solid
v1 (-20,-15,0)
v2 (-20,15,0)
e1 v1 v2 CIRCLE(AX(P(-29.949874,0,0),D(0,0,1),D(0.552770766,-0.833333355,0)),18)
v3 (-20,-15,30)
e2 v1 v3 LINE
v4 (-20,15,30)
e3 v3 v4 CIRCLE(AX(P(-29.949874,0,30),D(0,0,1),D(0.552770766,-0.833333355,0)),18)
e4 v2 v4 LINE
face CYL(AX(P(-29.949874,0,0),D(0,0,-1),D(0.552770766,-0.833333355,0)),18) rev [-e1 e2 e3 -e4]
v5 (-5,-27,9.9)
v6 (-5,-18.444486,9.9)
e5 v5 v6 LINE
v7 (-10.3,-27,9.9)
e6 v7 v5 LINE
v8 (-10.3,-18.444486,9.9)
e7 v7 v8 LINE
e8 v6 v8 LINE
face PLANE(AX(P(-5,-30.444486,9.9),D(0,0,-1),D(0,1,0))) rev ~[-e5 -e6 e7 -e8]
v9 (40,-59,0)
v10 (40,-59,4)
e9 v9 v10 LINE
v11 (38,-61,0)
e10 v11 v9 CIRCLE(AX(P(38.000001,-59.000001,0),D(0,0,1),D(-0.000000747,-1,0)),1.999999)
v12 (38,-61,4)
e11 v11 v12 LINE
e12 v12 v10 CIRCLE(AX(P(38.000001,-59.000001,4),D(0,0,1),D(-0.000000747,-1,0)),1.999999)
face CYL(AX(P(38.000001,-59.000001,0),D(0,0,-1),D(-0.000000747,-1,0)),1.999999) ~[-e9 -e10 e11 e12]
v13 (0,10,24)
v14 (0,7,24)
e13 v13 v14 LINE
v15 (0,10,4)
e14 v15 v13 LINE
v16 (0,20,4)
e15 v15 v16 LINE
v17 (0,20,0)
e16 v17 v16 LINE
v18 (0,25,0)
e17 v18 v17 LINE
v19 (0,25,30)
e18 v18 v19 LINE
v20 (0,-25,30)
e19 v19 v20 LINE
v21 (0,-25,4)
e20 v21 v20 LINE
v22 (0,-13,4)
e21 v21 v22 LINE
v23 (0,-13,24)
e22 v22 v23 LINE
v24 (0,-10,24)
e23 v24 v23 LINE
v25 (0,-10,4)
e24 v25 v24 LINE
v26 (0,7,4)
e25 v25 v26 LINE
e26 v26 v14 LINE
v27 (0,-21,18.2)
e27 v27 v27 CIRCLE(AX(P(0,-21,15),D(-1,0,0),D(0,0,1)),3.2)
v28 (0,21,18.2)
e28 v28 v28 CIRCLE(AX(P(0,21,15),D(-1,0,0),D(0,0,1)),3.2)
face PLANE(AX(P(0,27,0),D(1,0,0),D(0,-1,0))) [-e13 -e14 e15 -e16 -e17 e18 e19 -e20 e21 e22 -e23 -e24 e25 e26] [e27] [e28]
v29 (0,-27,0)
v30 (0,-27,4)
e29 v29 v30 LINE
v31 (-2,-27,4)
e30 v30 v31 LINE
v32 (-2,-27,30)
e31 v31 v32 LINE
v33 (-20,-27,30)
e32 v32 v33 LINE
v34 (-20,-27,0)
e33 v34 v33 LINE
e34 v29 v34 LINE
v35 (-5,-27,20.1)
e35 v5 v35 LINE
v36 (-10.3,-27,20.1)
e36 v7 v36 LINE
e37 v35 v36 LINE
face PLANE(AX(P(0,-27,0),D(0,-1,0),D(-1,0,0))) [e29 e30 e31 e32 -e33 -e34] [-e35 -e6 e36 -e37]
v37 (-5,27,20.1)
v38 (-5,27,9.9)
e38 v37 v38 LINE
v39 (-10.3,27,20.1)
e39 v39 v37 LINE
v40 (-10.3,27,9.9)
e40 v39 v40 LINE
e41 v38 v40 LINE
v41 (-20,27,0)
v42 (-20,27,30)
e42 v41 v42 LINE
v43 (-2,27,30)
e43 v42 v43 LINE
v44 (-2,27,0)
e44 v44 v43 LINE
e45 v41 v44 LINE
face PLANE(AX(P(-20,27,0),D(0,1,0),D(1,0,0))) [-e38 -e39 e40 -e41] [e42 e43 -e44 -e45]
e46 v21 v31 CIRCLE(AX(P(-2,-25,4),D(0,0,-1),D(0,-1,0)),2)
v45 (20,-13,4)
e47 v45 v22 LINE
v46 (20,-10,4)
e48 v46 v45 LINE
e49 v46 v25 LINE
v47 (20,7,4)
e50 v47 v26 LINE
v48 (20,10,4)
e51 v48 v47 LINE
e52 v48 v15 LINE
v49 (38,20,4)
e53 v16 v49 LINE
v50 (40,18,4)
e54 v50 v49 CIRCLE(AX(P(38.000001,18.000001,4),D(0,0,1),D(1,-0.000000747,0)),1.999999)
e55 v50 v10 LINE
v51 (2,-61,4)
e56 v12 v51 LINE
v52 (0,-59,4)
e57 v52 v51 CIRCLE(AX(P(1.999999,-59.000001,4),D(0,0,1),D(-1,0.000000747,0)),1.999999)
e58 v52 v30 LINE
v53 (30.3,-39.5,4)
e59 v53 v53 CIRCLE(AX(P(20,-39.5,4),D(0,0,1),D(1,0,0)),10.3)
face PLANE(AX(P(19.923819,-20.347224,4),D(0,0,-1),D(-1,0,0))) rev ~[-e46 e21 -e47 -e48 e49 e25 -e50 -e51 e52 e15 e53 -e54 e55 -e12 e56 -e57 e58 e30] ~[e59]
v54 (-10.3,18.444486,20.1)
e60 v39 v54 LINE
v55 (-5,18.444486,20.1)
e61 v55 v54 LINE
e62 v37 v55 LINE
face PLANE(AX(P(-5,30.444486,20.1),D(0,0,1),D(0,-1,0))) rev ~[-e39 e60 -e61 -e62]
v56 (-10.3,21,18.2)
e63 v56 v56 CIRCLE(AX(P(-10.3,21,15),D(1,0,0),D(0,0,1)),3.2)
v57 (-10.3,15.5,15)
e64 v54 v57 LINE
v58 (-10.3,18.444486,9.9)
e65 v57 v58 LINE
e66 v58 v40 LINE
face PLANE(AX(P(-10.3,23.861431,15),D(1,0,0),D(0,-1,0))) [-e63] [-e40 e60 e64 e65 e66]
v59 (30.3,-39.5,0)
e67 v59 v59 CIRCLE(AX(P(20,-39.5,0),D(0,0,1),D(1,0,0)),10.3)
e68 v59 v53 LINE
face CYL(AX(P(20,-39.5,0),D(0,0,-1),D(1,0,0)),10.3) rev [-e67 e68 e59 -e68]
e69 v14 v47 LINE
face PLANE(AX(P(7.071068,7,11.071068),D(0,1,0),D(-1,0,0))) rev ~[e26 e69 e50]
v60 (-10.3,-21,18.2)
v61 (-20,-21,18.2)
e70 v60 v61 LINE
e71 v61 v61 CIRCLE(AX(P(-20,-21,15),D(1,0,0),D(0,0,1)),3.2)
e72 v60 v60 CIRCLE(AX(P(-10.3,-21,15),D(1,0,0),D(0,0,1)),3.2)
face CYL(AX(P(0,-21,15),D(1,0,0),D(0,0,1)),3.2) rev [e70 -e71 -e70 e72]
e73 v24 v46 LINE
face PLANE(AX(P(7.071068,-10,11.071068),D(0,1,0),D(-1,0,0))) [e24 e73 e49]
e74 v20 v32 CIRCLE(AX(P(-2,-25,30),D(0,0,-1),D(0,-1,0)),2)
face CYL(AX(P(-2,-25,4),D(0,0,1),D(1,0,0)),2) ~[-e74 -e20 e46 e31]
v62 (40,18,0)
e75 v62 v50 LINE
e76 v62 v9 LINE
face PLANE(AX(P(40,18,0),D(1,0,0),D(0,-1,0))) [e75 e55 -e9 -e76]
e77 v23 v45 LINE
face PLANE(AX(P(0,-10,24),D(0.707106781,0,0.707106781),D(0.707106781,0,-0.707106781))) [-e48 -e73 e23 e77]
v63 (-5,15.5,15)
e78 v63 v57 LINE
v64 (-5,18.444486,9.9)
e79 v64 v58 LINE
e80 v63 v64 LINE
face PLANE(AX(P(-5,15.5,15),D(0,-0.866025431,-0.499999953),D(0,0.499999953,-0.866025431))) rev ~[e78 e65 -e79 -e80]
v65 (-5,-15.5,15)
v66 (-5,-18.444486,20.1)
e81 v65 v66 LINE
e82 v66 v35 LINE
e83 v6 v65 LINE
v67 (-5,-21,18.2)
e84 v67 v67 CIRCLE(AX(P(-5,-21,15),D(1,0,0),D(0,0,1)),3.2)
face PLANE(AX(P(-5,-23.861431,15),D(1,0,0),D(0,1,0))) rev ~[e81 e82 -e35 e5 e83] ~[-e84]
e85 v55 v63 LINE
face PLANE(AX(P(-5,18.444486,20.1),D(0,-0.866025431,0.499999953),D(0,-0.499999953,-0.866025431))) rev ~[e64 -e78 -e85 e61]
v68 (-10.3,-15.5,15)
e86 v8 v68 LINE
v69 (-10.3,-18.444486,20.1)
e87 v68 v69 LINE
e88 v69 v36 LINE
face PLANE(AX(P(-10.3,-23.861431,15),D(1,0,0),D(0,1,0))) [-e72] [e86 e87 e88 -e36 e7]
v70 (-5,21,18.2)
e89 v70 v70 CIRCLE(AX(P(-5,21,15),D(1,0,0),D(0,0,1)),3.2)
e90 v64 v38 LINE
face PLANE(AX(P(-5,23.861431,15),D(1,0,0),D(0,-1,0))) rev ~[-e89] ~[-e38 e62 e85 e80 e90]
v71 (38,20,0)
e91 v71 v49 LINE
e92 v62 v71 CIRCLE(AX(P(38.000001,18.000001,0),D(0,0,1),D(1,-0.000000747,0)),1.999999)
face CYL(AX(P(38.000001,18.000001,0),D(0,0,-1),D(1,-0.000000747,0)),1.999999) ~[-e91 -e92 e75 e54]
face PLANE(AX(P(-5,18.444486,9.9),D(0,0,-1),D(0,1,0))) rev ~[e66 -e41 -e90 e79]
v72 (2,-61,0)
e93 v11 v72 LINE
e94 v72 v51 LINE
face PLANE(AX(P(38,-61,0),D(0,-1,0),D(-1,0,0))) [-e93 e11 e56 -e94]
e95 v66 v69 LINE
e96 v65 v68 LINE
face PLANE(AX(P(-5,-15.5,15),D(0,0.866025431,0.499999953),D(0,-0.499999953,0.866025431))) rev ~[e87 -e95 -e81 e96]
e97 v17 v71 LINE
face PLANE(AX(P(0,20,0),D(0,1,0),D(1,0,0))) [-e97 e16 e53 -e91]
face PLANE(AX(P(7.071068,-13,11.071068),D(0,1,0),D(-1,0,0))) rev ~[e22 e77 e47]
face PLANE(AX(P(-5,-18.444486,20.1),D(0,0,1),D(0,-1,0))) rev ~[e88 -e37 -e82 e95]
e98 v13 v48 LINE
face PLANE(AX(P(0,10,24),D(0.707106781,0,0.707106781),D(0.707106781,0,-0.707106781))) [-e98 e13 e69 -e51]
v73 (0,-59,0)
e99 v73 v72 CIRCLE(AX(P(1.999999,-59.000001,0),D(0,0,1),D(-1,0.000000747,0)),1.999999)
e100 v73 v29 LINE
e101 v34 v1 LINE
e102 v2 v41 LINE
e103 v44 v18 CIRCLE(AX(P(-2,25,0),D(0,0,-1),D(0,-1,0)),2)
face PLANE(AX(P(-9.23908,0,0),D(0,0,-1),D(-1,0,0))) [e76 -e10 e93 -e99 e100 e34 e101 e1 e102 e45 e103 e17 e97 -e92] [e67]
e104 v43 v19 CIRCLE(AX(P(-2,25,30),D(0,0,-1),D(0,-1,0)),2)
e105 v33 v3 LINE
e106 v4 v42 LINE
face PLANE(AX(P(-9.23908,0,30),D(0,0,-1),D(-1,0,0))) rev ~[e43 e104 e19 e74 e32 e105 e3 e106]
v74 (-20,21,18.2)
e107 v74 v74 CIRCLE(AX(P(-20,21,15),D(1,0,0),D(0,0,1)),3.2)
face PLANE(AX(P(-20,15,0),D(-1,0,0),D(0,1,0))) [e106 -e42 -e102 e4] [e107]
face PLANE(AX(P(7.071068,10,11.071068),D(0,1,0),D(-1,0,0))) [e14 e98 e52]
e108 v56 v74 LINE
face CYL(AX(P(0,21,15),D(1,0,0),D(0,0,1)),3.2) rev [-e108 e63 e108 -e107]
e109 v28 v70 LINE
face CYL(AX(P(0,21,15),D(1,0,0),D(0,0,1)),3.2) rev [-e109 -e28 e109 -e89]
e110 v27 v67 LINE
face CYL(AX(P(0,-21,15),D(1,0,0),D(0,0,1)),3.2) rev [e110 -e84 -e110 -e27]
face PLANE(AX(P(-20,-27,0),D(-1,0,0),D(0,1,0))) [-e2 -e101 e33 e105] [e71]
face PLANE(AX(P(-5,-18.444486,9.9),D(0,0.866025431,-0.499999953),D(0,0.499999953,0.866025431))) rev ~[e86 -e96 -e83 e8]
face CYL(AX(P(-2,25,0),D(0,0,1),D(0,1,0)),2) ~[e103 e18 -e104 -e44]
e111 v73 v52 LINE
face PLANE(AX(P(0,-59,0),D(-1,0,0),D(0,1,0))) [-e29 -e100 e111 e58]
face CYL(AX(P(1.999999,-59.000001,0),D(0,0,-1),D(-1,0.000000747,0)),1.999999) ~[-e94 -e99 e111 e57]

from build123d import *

# Parameters (mm, degrees)
CYLINDER_R               = 3.2
CYLINDER_DEPTH           = 30
EXTRUDE004_DEPTH         = 5.3
CLONE002_PLACEMENT_ANGLE = 180
EXTRUDE002_DEPTH         = 30
EXTRUDE003_DEPTH         = 3
SKETCH_R                 = 10.3
EXTRUDE_DEPTH            = 4
FILLET_R                 = 2


with BuildPart() as bohrung:
    # Cylinder → Cylinder (new body)
    with BuildSketch(Plane(origin=(0, -21, 15), x_dir=(0, 0, 1), z_dir=(-1, 0, 0))):
        Circle(CYLINDER_R)
    extrude(amount=CYLINDER_DEPTH)


with BuildPart() as bohrung001:
    # Clone base: copy of Bohrung
    add(bohrung.part)


with BuildPart() as bohrung001_1:
    # Clone placement: moved
    add(bohrung001.part.moved(Location((0, 42, 0))))


with BuildPart() as ausschnitt_m6:
    # Sketch004 → Extrude004 (new body)
    with BuildSketch(Plane(origin=(0, 0, 0), x_dir=(0, -1, 0), z_dir=(-1, 0, 0))):
        Polygon((15.5, 15), (18.444486, 20.1), (30.444486, 20.1), (30.444486, 9.9), (18.444486, 9.9), align=None)
    extrude(amount=EXTRUDE004_DEPTH)


with BuildPart() as ausschnitt_m6_1:
    # Extrude004 placement: moved
    add(ausschnitt_m6.part.moved(Location((-5, 0, 0))))


with BuildPart() as ausschnitt_m007:
    # Clone002 base: copy of Ausschnitt_M6
    add(ausschnitt_m6_1.part)


with BuildPart() as ausschnitt_m007_1:
    # Clone002 placement: moved
    add(ausschnitt_m007.part.moved(Location((0, 0, 30))).rotate(Axis((0, 0, 30), (1, 0, 0)), CLONE002_PLACEMENT_ANGLE))


with BuildPart() as ausschnitte:
    # Fusion base: copy of Bohrung
    add(bohrung.part)

    # Fusion: union Bohrung001, Ausschnitt_M007, Ausschnitt_M6
    add(bohrung001_1.part)
    add(ausschnitt_m007_1.part)
    add(ausschnitt_m6_1.part)


with BuildPart() as encloser_mastbefestigung:
    # Sketch002 → Extrude002 (new body)
    with BuildSketch(Plane.XY):
        with BuildLine():
            Line((-20, 27), (0, 27))
            Line((0, 27), (0, -27))
            Line((0, -27), (-20, -27))
            Line((-20, -27), (-20, -15))
            ThreePointArc((-20, -15), (-11.949874, 0), (-20, 15))
            Line((-20, 15), (-20, 27))
        make_face()
    extrude(amount=EXTRUDE002_DEPTH)


with BuildPart() as winkel:
    # Sketch003 → Extrude003 (new body)
    with BuildSketch(Plane.XZ):
        Polygon((0, 24), (20, 4), (0, 4), align=None)
    extrude(amount=EXTRUDE003_DEPTH)


with BuildPart() as winkel_1:
    # Extrude003 placement: moved
    add(winkel.part.moved(Location((0, -10, 0))))


with BuildPart() as winkel001:
    # Clone001 base: copy of Winkel
    add(winkel_1.part)


with BuildPart() as winkel001_1:
    # Clone001 placement: moved
    add(winkel001.part.moved(Location((0, 20, 0))))


with BuildPart() as encloser_halter:
    # Sketch → Extrude (new body)
    with BuildSketch(Plane.XY):
        with BuildLine():
            Line((38, 0), (2, 0))
            ThreePointArc((0, 2), (0.585786, 0.585786), (2, 0))
            Line((0, 2), (0, 81))
            Line((0, 81), (38, 81))
            ThreePointArc((40, 79), (39.414214, 80.414214), (38, 81))
            Line((40, 79), (40, 2))
            ThreePointArc((38, 0), (39.414214, 0.585786), (40, 2))
        make_face()
        with Locations((20, 21.5)):
            Circle(SKETCH_R, mode=Mode.SUBTRACT)
    extrude(amount=EXTRUDE_DEPTH)


with BuildPart() as encloser_halter_1:
    # Extrude placement: moved
    add(encloser_halter.part.moved(Location((0, -61, 0))))

    # Fusion001: union encloser_mastbefestigung, Winkel, Winkel001
    add(encloser_mastbefestigung.part)
    add(winkel_1.part)
    add(winkel001_1.part)

    # Fillet
    fillet_edges = [encloser_halter_1.edges().sort_by_distance(p)[0] for p in [
        (0, -27, 17),
        (0, 27, 15),
    ]]
    fillet(fillet_edges, radius=FILLET_R)

    # Cut: cut Ausschnitte
    add(ausschnitte.part, mode=Mode.SUBTRACT)


solid = encloser_halter_1.part
